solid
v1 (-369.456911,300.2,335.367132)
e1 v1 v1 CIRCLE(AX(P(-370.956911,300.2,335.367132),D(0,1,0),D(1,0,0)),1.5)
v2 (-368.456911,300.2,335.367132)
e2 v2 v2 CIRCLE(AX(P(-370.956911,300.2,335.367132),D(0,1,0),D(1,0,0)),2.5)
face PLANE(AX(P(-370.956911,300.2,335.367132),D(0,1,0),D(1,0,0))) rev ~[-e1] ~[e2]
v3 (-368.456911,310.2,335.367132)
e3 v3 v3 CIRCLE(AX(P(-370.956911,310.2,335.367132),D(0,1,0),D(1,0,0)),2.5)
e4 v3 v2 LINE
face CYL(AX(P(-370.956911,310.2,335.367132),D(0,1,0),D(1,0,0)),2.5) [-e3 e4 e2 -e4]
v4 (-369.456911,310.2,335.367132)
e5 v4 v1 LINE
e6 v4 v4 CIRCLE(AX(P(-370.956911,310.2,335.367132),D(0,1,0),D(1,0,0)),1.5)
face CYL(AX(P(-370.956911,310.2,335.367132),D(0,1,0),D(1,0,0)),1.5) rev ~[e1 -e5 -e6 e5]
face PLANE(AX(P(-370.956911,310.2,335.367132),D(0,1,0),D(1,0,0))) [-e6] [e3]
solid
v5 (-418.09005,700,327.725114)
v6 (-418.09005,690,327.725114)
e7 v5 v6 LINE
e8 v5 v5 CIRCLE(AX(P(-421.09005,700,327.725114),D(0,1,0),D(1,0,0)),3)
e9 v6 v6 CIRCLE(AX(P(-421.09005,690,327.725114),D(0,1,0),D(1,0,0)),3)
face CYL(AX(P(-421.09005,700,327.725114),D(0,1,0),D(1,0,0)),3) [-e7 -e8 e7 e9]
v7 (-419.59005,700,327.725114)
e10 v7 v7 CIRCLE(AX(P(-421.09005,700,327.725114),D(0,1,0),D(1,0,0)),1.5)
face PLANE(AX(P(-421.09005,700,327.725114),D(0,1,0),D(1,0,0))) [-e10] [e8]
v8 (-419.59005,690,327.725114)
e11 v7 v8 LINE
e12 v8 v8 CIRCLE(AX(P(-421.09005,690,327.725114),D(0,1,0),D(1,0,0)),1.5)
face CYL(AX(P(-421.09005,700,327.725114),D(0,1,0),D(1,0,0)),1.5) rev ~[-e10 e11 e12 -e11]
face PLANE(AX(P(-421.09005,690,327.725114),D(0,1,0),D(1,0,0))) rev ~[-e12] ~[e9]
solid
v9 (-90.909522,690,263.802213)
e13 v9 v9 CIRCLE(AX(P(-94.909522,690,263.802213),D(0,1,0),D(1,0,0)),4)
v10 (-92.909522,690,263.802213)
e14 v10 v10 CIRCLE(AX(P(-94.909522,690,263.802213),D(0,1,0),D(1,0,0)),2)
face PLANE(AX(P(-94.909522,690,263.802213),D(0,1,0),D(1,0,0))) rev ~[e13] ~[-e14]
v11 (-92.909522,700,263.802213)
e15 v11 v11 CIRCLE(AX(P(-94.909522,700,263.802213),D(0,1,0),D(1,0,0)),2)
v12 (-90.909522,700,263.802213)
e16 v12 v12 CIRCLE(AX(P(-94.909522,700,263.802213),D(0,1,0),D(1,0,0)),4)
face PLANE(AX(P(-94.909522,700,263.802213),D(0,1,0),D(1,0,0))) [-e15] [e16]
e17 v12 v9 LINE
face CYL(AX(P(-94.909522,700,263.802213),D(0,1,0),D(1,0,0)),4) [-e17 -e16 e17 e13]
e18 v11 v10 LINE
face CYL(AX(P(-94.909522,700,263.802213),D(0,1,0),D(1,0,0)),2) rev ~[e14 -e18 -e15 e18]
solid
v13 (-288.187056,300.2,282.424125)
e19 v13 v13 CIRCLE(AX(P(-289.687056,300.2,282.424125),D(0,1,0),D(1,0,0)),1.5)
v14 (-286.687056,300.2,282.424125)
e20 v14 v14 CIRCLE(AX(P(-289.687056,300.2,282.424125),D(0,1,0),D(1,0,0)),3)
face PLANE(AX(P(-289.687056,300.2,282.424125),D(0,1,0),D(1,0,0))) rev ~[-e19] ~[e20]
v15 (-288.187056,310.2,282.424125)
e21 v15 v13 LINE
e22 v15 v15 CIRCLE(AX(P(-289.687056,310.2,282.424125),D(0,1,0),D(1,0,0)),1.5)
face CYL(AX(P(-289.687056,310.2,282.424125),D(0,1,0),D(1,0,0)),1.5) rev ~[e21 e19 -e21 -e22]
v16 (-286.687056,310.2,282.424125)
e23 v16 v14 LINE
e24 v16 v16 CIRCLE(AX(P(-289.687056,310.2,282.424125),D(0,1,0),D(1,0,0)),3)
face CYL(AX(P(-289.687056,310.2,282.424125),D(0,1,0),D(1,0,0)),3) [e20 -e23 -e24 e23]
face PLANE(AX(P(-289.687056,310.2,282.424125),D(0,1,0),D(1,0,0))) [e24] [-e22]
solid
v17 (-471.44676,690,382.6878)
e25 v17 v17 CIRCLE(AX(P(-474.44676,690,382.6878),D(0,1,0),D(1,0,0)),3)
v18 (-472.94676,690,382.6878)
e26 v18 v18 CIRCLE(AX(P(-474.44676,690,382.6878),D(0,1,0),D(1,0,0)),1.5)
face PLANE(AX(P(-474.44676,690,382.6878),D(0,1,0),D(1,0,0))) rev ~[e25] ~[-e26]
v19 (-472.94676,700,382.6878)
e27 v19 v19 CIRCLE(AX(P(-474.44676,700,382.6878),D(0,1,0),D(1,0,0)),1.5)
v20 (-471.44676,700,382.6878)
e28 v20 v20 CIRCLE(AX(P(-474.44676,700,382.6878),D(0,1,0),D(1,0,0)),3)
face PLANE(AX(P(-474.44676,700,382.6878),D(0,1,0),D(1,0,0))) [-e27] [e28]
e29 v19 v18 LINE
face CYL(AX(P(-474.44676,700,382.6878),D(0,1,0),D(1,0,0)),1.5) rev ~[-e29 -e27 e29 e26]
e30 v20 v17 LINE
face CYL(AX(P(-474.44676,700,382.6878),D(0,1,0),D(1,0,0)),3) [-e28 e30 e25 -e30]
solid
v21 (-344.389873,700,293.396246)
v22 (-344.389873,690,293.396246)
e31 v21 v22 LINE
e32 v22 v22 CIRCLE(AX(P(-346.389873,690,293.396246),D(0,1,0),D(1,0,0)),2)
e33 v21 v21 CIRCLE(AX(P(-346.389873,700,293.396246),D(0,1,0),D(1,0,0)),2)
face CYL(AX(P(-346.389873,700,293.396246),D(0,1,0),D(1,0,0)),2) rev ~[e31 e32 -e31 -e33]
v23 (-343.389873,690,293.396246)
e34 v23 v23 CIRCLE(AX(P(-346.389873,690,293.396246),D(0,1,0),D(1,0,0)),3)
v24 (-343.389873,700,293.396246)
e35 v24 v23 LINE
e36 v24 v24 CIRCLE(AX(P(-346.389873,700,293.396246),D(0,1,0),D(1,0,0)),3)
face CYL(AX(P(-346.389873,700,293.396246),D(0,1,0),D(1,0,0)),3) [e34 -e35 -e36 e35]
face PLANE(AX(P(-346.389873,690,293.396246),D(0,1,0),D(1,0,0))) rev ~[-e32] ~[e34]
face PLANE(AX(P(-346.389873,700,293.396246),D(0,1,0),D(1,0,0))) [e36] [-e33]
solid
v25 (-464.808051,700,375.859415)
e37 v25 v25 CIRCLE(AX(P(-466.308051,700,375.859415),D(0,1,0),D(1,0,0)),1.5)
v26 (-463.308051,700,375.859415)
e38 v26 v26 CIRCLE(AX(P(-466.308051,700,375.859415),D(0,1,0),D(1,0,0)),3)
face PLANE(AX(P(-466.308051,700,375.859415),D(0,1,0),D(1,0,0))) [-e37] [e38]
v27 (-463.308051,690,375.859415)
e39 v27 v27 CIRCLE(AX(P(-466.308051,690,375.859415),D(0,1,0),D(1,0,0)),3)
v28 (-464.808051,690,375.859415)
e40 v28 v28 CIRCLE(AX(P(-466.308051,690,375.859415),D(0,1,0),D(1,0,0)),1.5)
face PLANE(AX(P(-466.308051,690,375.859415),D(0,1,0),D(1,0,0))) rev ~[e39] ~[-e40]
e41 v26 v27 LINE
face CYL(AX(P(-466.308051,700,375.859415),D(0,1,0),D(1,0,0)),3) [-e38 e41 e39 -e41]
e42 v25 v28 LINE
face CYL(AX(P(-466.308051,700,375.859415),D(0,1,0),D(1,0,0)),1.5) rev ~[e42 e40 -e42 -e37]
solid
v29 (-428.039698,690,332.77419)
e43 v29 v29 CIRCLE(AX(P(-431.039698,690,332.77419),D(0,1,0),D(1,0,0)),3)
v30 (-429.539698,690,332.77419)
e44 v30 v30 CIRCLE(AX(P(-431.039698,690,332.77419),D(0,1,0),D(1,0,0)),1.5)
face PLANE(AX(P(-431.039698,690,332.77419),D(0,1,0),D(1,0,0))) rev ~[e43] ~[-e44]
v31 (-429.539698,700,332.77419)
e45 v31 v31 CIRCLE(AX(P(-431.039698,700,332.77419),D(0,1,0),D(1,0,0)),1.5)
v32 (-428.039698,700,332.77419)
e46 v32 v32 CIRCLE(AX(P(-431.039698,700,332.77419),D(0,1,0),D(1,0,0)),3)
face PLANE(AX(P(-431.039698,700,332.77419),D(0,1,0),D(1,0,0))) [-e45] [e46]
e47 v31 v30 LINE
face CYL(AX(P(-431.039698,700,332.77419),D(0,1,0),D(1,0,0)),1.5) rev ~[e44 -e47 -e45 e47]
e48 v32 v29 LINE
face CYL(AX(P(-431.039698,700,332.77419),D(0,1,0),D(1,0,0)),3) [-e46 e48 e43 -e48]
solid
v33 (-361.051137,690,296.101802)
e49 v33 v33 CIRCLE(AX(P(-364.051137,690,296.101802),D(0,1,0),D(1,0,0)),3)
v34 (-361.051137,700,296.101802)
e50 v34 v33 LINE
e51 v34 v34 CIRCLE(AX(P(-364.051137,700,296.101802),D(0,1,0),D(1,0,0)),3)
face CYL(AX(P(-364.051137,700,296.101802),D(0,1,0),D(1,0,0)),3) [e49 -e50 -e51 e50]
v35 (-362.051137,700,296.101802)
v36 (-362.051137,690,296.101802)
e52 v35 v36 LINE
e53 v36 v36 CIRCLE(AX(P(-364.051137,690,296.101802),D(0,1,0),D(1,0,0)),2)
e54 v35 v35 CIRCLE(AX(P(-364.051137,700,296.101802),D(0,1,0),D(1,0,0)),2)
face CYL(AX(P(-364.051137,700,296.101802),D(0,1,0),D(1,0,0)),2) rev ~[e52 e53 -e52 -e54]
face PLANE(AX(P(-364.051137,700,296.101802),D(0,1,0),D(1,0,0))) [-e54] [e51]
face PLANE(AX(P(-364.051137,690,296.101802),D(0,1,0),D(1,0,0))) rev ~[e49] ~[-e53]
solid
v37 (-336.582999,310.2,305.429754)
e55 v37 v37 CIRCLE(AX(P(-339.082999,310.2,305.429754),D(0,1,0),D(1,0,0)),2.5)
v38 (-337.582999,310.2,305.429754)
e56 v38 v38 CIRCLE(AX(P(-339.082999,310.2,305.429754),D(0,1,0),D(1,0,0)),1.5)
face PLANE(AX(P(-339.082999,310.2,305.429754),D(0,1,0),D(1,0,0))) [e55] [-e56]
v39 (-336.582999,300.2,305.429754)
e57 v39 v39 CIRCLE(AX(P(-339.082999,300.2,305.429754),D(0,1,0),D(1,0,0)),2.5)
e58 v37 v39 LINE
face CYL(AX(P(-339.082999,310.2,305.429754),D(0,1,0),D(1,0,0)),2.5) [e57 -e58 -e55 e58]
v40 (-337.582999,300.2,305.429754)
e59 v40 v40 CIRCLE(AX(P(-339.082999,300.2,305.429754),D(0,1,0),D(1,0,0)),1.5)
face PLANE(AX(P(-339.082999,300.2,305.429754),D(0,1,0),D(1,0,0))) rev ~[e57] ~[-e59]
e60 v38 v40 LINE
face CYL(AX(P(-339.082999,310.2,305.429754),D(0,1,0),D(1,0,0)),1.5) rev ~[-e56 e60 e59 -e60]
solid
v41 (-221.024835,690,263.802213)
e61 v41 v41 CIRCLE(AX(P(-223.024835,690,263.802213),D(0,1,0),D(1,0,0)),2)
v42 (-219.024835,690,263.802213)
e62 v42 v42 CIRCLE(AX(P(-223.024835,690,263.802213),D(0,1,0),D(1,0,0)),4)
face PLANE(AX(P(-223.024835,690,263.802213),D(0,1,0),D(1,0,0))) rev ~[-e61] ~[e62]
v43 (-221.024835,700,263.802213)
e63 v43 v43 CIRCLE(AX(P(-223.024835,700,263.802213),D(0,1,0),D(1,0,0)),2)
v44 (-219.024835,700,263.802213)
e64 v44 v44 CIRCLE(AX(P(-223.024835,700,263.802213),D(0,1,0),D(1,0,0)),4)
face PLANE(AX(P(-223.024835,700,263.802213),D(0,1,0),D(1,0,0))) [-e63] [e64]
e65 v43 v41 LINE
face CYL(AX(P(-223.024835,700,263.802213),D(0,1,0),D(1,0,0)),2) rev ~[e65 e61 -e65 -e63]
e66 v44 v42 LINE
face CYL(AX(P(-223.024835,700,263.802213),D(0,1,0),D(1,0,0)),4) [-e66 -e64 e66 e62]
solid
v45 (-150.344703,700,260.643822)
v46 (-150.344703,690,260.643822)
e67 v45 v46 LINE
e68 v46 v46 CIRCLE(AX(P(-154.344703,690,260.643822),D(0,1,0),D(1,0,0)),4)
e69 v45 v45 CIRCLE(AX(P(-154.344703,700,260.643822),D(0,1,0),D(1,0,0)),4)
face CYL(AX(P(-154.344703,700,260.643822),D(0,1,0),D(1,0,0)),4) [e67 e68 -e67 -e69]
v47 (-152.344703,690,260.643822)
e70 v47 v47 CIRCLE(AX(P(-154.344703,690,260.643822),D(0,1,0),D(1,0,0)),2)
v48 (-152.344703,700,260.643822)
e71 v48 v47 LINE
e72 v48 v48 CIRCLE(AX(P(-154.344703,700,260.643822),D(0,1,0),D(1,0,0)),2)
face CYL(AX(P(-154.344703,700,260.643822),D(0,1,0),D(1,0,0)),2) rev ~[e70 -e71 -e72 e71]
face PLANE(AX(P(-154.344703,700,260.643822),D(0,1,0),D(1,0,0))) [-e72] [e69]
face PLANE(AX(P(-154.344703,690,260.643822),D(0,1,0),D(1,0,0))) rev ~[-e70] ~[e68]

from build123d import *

# Parameters (mm, degrees)
SZKIC1_R                      = 3
SZKIC1_R_2                    = 1.5
DODANIE_WYCI_GNI_CIE1_DEPTH   = 10
DODANIE_WYCI_GNI_CIE1_2_DEPTH = 10
DODANIE_WYCI_GNI_CIE1_3_DEPTH = 10
DODANIE_WYCI_GNI_CIE1_4_DEPTH = 10
SZKIC1_R_3                    = 2
DODANIE_WYCI_GNI_CIE1_5_DEPTH = 10
DODANIE_WYCI_GNI_CIE1_6_DEPTH = 10
SZKIC1_R_4                    = 4
DODANIE_WYCI_GNI_CIE1_7_DEPTH = 10
DODANIE_WYCI_GNI_CIE1_8_DEPTH = 10
DODANIE_WYCI_GNI_CIE1_9_DEPTH = 10
SZKIC2_R                      = 2.5
SZKIC2_R_2                    = 1.5
DODANIE_WYCI_GNI_CIE2_DEPTH   = 10
DODANIE_WYCI_GNI_CIE2_2_DEPTH = 10
SZKIC2_R_3                    = 3
DODANIE_WYCI_GNI_CIE2_3_DEPTH = 10


with BuildPart() as part:
    # Szkic1 → Dodanie-wyciągnięcie1 (new body)
    with BuildSketch(Plane(origin=(0, 700, 0), x_dir=(1, 0, 0), z_dir=(0, 1, 0))):
        with Locations((-474.446759549, -382.68779999)):
            Circle(SZKIC1_R)
        with Locations((-474.446759549, -382.68779999)):
            Circle(SZKIC1_R_2, mode=Mode.SUBTRACT)
    extrude(amount=-DODANIE_WYCI_GNI_CIE1_DEPTH)


with BuildPart() as body_2:
    # Szkic1 → Dodanie-wyci_gni_cie1 2 (new body)
    with BuildSketch(Plane(origin=(0, 700, 0), x_dir=(1, 0, 0), z_dir=(0, 1, 0))):
        with Locations((-466.308050674, -375.85941501)):
            Circle(SZKIC1_R)
        with Locations((-466.308050674, -375.85941501)):
            Circle(SZKIC1_R_2, mode=Mode.SUBTRACT)
    extrude(amount=-DODANIE_WYCI_GNI_CIE1_2_DEPTH)


with BuildPart() as body_3:
    # Szkic1 → Dodanie-wyci_gni_cie1 3 (new body)
    with BuildSketch(Plane(origin=(0, 700, 0), x_dir=(1, 0, 0), z_dir=(0, 1, 0))):
        with Locations((-431.039698402, -332.774189517)):
            Circle(SZKIC1_R)
        with Locations((-431.039698402, -332.774189517)):
            Circle(SZKIC1_R_2, mode=Mode.SUBTRACT)
    extrude(amount=-DODANIE_WYCI_GNI_CIE1_3_DEPTH)


with BuildPart() as body_4:
    # Szkic1 → Dodanie-wyci_gni_cie1 4 (new body)
    with BuildSketch(Plane(origin=(0, 700, 0), x_dir=(1, 0, 0), z_dir=(0, 1, 0))):
        with Locations((-421.090050281, -327.725114352)):
            Circle(SZKIC1_R)
        with Locations((-421.090050281, -327.725114352)):
            Circle(SZKIC1_R_2, mode=Mode.SUBTRACT)
    extrude(amount=-DODANIE_WYCI_GNI_CIE1_4_DEPTH)


with BuildPart() as body_5:
    # Szkic1 → Dodanie-wyci_gni_cie1 5 (new body)
    with BuildSketch(Plane(origin=(0, 700, 0), x_dir=(1, 0, 0), z_dir=(0, 1, 0))):
        with Locations((-364.051137421, -296.101801859)):
            Circle(SZKIC1_R)
        with Locations((-364.051137421, -296.101801859)):
            Circle(SZKIC1_R_3, mode=Mode.SUBTRACT)
    extrude(amount=-DODANIE_WYCI_GNI_CIE1_5_DEPTH)


with BuildPart() as body_6:
    # Szkic1 → Dodanie-wyci_gni_cie1 6 (new body)
    with BuildSketch(Plane(origin=(0, 700, 0), x_dir=(1, 0, 0), z_dir=(0, 1, 0))):
        with Locations((-346.389872513, -293.396246383)):
            Circle(SZKIC1_R)
        with Locations((-346.389872513, -293.396246383)):
            Circle(SZKIC1_R_3, mode=Mode.SUBTRACT)
    extrude(amount=-DODANIE_WYCI_GNI_CIE1_6_DEPTH)


with BuildPart() as body_7:
    # Szkic1 → Dodanie-wyci_gni_cie1 7 (new body)
    with BuildSketch(Plane(origin=(0, 700, 0), x_dir=(1, 0, 0), z_dir=(0, 1, 0))):
        with Locations((-223.024834581, -263.802212936)):
            Circle(SZKIC1_R_4)
        with Locations((-223.024834581, -263.802212936)):
            Circle(SZKIC1_R_3, mode=Mode.SUBTRACT)
    extrude(amount=-DODANIE_WYCI_GNI_CIE1_7_DEPTH)


with BuildPart() as body_8:
    # Szkic1 → Dodanie-wyci_gni_cie1 8 (new body)
    with BuildSketch(Plane(origin=(0, 700, 0), x_dir=(1, 0, 0), z_dir=(0, 1, 0))):
        with Locations((-154.344703344, -260.643821632)):
            Circle(SZKIC1_R_4)
        with Locations((-154.344703344, -260.643821632)):
            Circle(SZKIC1_R_3, mode=Mode.SUBTRACT)
    extrude(amount=-DODANIE_WYCI_GNI_CIE1_8_DEPTH)


with BuildPart() as body_9:
    # Szkic1 → Dodanie-wyci_gni_cie1 9 (new body)
    with BuildSketch(Plane(origin=(0, 700, 0), x_dir=(1, 0, 0), z_dir=(0, 1, 0))):
        with Locations((-94.909521544, -263.802212936)):
            Circle(SZKIC1_R_4)
        with Locations((-94.909521544, -263.802212936)):
            Circle(SZKIC1_R_3, mode=Mode.SUBTRACT)
    extrude(amount=-DODANIE_WYCI_GNI_CIE1_9_DEPTH)


with BuildPart() as body_10:
    # Szkic2 → Dodanie-wyciągnięcie2 (new body)
    with BuildSketch(Plane(origin=(0, 310.2, 0), x_dir=(1, 0, 0), z_dir=(0, 1, 0))):
        with Locations((-370.956911026, -335.367132453)):
            Circle(SZKIC2_R)
        with Locations((-370.956911026, -335.367132453)):
            Circle(SZKIC2_R_2, mode=Mode.SUBTRACT)
    extrude(amount=-DODANIE_WYCI_GNI_CIE2_DEPTH)


with BuildPart() as body_11:
    # Szkic2 → Dodanie-wyci_gni_cie2 2 (new body)
    with BuildSketch(Plane(origin=(0, 310.2, 0), x_dir=(1, 0, 0), z_dir=(0, 1, 0))):
        with Locations((-339.082998521, -305.429754446)):
            Circle(SZKIC2_R)
        with Locations((-339.082998521, -305.429754446)):
            Circle(SZKIC2_R_2, mode=Mode.SUBTRACT)
    extrude(amount=-DODANIE_WYCI_GNI_CIE2_2_DEPTH)


with BuildPart() as body_12:
    # Szkic2 → Dodanie-wyci_gni_cie2 3 (new body)
    with BuildSketch(Plane(origin=(0, 310.2, 0), x_dir=(1, 0, 0), z_dir=(0, 1, 0))):
        with Locations((-289.68705591, -282.424125213)):
            Circle(SZKIC2_R_3)
        with Locations((-289.68705591, -282.424125213)):
            Circle(SZKIC2_R_2, mode=Mode.SUBTRACT)
    extrude(amount=-DODANIE_WYCI_GNI_CIE2_3_DEPTH)


solid = Compound([part.part, body_2.part, body_3.part, body_4.part, body_5.part, body_6.part, body_7.part, body_8.part, body_9.part, body_10.part, body_11.part, body_12.part])
